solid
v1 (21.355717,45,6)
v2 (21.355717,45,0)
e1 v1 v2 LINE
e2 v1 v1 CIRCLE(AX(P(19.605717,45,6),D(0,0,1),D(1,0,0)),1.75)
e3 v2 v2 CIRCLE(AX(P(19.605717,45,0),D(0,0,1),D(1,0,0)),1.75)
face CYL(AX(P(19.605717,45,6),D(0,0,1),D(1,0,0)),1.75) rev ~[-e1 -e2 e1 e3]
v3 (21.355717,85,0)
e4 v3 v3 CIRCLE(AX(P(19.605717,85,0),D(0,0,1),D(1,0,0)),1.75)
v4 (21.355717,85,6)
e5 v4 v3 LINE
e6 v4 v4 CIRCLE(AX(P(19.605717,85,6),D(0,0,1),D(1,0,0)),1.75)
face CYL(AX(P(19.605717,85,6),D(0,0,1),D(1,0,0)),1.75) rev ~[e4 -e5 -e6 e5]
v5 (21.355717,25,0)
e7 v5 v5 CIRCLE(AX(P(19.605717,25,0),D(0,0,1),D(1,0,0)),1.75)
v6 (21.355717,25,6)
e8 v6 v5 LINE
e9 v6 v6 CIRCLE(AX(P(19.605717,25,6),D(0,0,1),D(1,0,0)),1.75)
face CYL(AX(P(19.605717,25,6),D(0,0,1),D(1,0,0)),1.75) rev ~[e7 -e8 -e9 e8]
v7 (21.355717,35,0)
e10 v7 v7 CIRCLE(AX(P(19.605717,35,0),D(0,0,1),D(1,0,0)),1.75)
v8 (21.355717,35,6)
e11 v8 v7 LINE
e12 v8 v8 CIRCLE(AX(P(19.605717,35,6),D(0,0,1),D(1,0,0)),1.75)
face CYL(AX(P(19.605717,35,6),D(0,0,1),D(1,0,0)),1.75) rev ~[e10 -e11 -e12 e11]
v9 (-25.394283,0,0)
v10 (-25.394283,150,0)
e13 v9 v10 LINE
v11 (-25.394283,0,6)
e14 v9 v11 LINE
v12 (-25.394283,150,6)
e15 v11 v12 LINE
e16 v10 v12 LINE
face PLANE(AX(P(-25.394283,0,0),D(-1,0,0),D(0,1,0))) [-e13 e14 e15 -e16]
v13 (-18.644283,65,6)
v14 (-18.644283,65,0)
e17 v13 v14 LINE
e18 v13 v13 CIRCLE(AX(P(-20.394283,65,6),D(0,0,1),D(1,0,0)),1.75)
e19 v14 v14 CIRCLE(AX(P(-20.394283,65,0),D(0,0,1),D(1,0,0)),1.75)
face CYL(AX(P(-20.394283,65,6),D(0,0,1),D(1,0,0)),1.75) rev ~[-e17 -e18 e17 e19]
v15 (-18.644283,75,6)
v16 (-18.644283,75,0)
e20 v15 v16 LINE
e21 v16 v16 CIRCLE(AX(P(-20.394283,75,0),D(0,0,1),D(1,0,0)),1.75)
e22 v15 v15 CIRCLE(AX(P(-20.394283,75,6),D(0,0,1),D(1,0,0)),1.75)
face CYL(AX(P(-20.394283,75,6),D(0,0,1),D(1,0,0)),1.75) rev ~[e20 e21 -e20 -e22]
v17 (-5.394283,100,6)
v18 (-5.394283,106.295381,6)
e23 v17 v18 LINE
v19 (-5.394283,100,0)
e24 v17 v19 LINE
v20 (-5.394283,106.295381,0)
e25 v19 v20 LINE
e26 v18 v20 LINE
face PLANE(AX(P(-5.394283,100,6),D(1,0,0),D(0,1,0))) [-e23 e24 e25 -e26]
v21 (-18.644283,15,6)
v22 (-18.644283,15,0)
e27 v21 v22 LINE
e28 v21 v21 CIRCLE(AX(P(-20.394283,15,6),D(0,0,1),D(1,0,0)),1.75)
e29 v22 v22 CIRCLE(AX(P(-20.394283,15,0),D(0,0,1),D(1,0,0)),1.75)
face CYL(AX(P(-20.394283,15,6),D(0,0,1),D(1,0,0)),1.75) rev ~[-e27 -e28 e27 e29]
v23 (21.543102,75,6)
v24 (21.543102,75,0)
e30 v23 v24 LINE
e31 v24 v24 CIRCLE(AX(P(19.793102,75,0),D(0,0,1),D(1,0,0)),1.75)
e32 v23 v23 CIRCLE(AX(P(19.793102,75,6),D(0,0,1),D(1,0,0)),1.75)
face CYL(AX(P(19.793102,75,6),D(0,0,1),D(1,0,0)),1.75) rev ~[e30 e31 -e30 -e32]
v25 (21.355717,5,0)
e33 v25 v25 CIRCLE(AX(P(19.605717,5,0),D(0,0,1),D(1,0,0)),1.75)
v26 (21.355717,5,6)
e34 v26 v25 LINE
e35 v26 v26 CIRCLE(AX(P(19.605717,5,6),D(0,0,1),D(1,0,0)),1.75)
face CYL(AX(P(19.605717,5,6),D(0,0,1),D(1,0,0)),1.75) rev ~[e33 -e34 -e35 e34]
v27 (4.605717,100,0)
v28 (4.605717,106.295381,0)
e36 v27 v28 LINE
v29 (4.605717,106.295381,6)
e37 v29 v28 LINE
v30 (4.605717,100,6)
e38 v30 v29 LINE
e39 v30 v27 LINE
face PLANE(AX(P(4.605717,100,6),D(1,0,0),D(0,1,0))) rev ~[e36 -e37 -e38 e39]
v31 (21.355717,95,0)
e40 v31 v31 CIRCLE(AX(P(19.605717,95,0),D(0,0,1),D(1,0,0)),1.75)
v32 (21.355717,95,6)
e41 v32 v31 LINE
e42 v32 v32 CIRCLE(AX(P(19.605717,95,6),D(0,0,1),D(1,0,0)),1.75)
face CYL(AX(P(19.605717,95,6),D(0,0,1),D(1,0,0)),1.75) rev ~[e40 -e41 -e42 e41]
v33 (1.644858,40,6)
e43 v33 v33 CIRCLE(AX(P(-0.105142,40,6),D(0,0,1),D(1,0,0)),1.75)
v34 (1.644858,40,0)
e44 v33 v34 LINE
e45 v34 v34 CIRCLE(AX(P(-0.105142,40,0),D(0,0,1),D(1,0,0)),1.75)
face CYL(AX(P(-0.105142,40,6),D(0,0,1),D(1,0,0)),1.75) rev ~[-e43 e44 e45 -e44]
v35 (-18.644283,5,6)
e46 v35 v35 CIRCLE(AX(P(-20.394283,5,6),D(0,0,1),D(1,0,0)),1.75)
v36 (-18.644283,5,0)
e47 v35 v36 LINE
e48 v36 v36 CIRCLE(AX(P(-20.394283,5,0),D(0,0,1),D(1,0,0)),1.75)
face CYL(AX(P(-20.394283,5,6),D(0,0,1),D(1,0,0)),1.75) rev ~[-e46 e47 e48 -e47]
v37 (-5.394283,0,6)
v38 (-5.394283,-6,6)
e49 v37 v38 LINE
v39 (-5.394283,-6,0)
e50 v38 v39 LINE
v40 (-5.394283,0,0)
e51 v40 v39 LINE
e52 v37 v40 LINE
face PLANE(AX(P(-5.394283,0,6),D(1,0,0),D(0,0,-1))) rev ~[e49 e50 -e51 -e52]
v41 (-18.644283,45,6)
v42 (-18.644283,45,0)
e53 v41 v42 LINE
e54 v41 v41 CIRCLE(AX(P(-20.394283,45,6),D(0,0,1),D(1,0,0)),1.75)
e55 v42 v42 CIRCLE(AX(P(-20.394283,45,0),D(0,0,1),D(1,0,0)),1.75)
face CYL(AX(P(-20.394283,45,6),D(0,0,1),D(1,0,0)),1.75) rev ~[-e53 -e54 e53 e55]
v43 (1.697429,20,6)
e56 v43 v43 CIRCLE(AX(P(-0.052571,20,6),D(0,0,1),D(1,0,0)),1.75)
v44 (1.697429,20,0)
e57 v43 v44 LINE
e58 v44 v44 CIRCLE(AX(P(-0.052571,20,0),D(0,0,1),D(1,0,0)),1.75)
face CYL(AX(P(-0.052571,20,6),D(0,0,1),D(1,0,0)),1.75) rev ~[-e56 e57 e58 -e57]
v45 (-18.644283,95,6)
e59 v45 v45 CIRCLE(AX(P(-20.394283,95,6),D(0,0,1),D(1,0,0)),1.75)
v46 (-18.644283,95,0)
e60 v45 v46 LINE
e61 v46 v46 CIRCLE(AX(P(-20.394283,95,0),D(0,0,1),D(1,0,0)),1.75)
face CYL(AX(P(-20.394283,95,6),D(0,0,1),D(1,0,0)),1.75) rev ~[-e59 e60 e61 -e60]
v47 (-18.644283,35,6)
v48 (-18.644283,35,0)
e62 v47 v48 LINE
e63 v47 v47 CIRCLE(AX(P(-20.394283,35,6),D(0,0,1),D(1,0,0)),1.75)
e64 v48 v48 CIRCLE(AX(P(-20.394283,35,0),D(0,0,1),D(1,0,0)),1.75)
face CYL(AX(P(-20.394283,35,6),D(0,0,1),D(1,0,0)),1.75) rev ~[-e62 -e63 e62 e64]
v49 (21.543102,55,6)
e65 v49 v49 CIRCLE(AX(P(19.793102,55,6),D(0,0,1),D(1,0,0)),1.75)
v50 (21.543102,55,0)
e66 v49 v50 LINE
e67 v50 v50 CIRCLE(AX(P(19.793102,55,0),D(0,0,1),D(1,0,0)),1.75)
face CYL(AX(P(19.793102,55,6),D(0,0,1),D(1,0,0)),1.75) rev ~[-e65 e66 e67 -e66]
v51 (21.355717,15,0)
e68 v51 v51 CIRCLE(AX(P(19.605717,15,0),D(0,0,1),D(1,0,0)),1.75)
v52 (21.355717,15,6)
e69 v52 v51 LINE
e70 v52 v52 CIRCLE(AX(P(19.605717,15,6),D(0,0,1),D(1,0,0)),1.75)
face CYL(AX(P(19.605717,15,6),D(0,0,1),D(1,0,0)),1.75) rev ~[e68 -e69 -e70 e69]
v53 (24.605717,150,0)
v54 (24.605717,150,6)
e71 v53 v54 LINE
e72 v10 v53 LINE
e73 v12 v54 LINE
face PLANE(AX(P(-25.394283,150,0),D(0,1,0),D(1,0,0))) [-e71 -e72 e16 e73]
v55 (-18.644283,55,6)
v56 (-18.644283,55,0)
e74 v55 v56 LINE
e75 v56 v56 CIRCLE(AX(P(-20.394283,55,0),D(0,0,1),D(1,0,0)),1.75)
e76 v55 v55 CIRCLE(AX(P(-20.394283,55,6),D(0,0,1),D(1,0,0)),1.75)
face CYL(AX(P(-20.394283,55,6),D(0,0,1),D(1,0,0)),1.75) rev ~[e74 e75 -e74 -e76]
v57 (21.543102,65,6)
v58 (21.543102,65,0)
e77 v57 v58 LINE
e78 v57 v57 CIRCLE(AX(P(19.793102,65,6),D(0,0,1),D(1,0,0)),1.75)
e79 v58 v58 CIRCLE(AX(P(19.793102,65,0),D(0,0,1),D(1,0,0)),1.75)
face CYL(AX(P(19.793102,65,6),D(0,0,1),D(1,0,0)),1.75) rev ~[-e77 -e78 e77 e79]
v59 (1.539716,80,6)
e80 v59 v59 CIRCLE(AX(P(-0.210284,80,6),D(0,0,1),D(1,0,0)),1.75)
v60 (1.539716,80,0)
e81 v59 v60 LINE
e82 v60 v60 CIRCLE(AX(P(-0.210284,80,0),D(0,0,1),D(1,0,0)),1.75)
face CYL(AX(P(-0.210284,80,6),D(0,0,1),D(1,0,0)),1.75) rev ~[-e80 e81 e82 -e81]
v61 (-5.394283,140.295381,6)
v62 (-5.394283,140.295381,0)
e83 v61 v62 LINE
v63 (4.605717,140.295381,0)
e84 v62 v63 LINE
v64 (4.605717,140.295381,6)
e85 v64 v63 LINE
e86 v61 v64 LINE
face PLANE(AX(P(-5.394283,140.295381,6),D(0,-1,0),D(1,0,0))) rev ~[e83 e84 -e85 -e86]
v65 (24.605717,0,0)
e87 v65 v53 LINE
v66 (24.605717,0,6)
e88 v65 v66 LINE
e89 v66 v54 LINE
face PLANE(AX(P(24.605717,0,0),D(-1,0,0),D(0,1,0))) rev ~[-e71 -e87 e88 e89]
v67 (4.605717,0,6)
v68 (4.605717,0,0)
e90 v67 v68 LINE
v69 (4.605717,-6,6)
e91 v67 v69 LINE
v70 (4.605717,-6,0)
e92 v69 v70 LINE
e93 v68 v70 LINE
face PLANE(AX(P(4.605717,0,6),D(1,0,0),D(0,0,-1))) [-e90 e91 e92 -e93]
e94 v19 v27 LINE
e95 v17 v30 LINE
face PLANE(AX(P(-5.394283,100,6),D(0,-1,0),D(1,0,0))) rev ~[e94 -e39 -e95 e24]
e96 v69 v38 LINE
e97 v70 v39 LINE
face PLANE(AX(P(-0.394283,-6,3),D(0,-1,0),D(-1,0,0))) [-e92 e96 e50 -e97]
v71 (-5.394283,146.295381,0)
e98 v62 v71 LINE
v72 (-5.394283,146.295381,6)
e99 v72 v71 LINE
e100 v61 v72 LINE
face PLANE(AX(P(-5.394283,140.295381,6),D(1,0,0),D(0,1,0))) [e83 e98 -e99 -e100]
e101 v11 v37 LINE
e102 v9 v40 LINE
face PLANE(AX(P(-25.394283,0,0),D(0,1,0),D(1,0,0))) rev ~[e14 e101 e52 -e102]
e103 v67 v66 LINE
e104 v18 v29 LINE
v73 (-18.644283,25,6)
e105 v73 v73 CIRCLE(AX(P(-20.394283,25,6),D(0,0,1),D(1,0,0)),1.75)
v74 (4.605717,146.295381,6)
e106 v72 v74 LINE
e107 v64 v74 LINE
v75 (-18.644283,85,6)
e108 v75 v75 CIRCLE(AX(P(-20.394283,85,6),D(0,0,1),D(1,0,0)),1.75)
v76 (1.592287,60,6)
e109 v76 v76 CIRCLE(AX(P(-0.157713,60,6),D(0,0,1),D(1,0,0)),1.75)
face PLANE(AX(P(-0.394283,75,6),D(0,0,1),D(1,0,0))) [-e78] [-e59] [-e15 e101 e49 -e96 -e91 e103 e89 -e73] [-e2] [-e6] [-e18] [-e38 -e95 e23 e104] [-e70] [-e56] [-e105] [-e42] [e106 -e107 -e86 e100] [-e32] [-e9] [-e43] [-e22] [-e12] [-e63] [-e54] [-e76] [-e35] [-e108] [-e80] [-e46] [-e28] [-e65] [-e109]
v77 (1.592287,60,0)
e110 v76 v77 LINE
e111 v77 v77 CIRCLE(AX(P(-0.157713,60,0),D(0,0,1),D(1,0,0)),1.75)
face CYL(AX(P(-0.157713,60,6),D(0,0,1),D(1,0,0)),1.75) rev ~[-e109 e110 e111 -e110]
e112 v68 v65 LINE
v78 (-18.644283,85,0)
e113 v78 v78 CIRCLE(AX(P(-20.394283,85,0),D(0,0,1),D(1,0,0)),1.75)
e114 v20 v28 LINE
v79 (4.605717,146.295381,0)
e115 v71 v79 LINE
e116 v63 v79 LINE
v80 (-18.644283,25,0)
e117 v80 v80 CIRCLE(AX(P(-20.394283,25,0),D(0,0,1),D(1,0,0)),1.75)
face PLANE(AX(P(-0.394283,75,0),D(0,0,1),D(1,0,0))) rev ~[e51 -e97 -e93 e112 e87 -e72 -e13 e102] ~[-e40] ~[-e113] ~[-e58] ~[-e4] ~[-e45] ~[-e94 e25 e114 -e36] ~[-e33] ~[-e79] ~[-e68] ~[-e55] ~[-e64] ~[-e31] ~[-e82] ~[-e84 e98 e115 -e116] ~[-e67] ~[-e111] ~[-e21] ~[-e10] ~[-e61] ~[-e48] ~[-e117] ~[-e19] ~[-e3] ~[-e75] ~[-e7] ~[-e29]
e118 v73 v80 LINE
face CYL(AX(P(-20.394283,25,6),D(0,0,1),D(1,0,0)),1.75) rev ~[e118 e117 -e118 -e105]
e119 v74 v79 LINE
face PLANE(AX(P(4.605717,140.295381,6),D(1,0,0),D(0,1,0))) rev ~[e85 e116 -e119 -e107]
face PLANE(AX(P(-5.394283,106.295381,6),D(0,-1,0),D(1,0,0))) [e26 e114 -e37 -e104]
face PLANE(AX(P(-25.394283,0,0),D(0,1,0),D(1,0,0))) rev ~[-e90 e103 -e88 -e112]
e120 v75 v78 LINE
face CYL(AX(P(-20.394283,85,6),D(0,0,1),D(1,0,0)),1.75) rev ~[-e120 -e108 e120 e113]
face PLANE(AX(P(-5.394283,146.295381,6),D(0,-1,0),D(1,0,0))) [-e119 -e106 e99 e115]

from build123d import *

# Parameters (mm, degrees)
ESBO_O1_W                = 50
ESBO_O1_H                = 150
RESSALTO_EXTRUS_O1_DEPTH = 6
ESBO_O2_R                = 1.75
CORTE_EXTRUS_O1_DEPTH    = 6
ESBO_O3_W                = 10
ESBO_O3_H                = 6
RESSALTO_EXTRUS_O2_DEPTH = 6
ESBO_O4_W                = 10
ESBO_O4_H                = 6.295380903
CORTE_EXTRUS_O2_DEPTH    = 6
ESBO_O5_W                = 10
ESBO_O5_H                = 6
CORTE_EXTRUS_O3_DEPTH    = 6


with BuildPart() as part:
    # Esboço1 → Ressalto-extrusão1 (new body)
    with BuildSketch(Plane.XY):
        with Locations((-0.394283087, 75)):
            Rectangle(ESBO_O1_W, ESBO_O1_H)
    extrude(amount=RESSALTO_EXTRUS_O1_DEPTH)

    # Esboço2 → Corte-extrusão1 (cut)
    with BuildSketch(Plane.XY.offset(6)):
        with Locations((-20.394283087, 95)):
            Circle(ESBO_O2_R)
        with Locations((-20.394283087, 85)):
            Circle(ESBO_O2_R)
        with Locations((-20.394283087, 75)):
            Circle(ESBO_O2_R)
        with Locations((-20.394283087, 65)):
            Circle(ESBO_O2_R)
        with Locations((-20.394283087, 55)):
            Circle(ESBO_O2_R)
        with Locations((-20.394283087, 45)):
            Circle(ESBO_O2_R)
        with Locations((-20.394283087, 35)):
            Circle(ESBO_O2_R)
        with Locations((-20.394283087, 25)):
            Circle(ESBO_O2_R)
        with Locations((-20.394283087, 15)):
            Circle(ESBO_O2_R)
        with Locations((-20.394283087, 5)):
            Circle(ESBO_O2_R)
        with Locations((19.605716913, 95)):
            Circle(ESBO_O2_R)
        with Locations((19.605716913, 85)):
            Circle(ESBO_O2_R)
        with Locations((19.793101921, 75)):
            Circle(ESBO_O2_R)
        with Locations((19.793101921, 65)):
            Circle(ESBO_O2_R)
        with Locations((19.793101921, 55)):
            Circle(ESBO_O2_R)
        with Locations((19.605716913, 45)):
            Circle(ESBO_O2_R)
        with Locations((19.605716913, 35)):
            Circle(ESBO_O2_R)
        with Locations((19.605716913, 25)):
            Circle(ESBO_O2_R)
        with Locations((19.605716913, 15)):
            Circle(ESBO_O2_R)
        with Locations((19.605716913, 5)):
            Circle(ESBO_O2_R)
        with Locations((-0.052571078, 20)):
            Circle(ESBO_O2_R)
        with Locations((-0.210284313, 80)):
            Circle(ESBO_O2_R)
        with Locations((-0.105142156, 40)):
            Circle(ESBO_O2_R)
        with Locations((-0.157713235, 60)):
            Circle(ESBO_O2_R)
    extrude(amount=-CORTE_EXTRUS_O1_DEPTH, mode=Mode.SUBTRACT)

    # Esboço3 → Ressalto-extrusão2 (add)
    with BuildSketch(Plane(origin=(0, 0, 0), x_dir=(-1, 0, 0), z_dir=(0, -1, 0))):
        with Locations((0.394283087, -3)):
            Rectangle(ESBO_O3_W, ESBO_O3_H)
    extrude(amount=RESSALTO_EXTRUS_O2_DEPTH)

    # Esboço4 → Corte-extrusão2 (cut)
    with BuildSketch(Plane.XY.offset(6)):
        with Locations((-0.394283087, 103.147690452)):
            Rectangle(ESBO_O4_W, ESBO_O4_H)
    extrude(amount=-CORTE_EXTRUS_O2_DEPTH, mode=Mode.SUBTRACT)

    # Esboço5 → Corte-extrusão3 (cut)
    with BuildSketch(Plane.XY.offset(6)):
        with Locations((-0.394283087, 143.295380903)):
            Rectangle(ESBO_O5_W, ESBO_O5_H)
    extrude(amount=-CORTE_EXTRUS_O3_DEPTH, mode=Mode.SUBTRACT)


solid = part.part
